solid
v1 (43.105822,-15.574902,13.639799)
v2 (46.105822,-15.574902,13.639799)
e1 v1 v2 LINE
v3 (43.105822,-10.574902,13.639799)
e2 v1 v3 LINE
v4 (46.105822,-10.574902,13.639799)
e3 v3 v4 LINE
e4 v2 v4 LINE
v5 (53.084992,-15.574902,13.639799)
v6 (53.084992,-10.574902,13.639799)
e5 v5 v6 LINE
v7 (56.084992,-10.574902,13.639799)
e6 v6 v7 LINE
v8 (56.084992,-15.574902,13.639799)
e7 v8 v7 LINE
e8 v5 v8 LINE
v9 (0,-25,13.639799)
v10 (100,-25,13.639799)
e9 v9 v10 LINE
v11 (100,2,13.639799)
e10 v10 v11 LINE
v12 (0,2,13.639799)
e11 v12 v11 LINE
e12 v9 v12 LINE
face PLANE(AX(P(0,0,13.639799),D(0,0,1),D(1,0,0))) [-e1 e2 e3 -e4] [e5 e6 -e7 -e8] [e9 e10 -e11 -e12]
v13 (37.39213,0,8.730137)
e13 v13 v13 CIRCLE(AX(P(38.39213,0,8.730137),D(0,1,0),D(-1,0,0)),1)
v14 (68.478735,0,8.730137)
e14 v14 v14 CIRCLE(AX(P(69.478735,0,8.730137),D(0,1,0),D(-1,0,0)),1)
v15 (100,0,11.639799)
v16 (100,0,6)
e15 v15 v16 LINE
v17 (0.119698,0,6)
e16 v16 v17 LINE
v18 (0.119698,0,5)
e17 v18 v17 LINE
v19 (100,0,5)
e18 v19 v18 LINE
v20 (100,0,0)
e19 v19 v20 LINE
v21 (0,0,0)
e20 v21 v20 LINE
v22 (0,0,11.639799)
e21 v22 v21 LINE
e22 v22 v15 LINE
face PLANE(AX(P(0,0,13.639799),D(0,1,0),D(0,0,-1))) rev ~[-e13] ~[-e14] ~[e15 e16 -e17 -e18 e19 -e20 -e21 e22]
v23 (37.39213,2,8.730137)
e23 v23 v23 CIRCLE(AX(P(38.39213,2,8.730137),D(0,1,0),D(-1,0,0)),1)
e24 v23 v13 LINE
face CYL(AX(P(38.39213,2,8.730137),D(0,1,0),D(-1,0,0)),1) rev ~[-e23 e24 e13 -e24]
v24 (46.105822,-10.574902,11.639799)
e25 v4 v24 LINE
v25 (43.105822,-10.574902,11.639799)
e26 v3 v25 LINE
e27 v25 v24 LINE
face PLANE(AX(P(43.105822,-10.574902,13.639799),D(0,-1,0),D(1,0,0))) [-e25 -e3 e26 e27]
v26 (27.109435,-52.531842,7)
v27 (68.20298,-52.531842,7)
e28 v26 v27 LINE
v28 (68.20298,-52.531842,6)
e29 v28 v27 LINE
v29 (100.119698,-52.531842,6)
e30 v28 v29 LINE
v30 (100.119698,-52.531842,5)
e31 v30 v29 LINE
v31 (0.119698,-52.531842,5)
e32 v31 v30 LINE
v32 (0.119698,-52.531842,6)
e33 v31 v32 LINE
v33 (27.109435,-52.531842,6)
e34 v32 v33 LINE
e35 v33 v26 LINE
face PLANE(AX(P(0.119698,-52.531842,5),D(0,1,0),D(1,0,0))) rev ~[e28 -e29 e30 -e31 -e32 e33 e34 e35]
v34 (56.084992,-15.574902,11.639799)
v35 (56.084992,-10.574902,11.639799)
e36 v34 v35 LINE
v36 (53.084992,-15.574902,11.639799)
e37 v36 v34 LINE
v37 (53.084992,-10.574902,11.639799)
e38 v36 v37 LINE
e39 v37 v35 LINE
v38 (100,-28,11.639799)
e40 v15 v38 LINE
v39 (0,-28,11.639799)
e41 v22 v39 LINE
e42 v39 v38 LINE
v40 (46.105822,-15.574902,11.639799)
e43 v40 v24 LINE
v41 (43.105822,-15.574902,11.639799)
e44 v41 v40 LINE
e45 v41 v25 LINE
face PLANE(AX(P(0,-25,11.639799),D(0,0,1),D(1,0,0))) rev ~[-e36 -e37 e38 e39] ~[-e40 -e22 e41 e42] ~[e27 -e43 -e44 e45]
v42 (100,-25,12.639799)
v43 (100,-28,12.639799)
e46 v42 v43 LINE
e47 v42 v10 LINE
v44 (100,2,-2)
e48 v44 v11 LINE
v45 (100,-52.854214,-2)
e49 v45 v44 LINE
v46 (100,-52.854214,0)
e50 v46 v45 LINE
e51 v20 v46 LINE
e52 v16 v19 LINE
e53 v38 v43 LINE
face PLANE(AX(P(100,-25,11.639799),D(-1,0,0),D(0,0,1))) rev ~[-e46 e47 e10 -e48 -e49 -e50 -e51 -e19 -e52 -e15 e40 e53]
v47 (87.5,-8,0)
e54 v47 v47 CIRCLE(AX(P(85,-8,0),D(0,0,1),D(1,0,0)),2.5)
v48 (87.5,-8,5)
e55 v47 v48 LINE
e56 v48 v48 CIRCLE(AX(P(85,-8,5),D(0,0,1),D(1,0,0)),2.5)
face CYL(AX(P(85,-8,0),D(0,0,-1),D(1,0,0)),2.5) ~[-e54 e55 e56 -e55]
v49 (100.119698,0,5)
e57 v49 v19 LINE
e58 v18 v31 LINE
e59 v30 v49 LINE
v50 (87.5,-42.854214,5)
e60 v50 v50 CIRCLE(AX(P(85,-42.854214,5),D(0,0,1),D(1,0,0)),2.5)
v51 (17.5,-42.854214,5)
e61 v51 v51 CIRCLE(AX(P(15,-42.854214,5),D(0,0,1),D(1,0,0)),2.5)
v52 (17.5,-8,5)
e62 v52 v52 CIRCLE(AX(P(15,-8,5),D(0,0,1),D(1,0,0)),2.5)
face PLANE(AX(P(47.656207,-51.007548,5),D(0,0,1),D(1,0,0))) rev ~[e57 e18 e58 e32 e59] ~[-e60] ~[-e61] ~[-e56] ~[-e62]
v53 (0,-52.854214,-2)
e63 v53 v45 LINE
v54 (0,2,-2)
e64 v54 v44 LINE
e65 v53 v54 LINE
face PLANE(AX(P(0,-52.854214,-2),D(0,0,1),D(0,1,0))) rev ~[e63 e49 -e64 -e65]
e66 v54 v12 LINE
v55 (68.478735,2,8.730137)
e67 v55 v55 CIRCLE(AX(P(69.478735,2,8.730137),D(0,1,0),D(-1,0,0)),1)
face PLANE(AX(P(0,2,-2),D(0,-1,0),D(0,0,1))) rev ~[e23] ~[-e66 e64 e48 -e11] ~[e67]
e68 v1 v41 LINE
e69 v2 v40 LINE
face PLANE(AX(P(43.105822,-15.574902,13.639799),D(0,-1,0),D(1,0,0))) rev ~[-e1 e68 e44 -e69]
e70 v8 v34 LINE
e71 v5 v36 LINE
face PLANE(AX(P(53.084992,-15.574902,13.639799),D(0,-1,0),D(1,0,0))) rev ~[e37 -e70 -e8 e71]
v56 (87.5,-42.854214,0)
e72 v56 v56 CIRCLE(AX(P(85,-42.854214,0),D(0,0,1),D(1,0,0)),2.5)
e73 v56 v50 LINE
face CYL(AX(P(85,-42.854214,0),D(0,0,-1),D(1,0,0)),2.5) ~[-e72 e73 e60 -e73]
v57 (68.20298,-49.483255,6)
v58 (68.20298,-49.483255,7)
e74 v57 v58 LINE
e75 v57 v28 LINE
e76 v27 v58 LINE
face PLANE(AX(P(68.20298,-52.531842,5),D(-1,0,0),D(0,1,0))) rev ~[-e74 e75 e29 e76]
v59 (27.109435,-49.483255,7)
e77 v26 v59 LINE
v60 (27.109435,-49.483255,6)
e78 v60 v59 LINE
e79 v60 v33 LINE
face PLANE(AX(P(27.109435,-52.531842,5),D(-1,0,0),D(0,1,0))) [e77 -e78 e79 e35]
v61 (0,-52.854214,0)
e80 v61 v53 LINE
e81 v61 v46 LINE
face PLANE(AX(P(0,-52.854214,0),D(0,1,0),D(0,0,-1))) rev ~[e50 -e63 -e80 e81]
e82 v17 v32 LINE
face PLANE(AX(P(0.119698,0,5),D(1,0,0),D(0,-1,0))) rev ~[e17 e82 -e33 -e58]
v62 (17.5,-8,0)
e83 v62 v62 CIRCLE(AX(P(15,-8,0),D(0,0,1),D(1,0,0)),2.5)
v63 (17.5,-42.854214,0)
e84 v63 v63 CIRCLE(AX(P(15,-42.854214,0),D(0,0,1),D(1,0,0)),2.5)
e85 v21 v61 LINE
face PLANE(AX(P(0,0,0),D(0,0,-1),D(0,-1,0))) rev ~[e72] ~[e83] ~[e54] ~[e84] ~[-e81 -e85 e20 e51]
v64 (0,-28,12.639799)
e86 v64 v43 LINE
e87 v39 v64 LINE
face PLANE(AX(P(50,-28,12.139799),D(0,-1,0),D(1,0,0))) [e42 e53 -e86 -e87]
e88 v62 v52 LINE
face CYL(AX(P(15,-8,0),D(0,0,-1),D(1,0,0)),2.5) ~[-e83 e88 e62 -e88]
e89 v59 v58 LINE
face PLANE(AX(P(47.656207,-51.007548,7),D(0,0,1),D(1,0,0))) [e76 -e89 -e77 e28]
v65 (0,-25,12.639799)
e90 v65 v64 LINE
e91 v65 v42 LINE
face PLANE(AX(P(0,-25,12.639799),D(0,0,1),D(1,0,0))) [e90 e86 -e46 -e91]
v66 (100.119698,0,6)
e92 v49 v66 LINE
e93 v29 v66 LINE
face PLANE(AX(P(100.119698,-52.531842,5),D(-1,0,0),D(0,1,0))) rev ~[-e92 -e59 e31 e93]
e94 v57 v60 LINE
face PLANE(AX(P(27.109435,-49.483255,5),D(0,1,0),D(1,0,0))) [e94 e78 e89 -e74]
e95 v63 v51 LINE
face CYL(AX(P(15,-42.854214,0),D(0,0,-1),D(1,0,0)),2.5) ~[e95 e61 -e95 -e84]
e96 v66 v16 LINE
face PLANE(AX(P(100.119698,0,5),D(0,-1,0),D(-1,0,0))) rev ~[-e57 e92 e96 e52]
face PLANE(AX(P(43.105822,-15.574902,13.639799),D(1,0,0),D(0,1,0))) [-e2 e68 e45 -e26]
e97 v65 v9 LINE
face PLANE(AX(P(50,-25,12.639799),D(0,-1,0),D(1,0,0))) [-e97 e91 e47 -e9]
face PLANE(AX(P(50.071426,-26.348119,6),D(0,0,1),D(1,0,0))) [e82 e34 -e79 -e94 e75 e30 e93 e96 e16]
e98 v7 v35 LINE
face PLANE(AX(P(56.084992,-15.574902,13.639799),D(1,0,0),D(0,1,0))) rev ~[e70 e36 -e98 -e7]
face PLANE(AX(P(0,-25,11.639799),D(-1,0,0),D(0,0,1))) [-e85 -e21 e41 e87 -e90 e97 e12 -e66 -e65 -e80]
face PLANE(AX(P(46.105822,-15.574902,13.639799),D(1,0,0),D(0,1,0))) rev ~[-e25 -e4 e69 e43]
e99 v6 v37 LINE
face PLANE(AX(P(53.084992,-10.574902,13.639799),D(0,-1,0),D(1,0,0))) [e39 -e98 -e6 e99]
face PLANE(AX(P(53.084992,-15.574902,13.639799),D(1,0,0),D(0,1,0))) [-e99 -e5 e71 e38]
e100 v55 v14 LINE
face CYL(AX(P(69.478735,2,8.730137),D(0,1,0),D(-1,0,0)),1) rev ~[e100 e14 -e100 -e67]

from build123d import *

# Parameters (mm, degrees)
F1_DEPTH  = 100
F2_W      = 100
F2_H      = 2
F3_DEPTH  = 25
F4_R      = 2.5
F5_DEPTH  = 5
F6_DEPTH  = 5
F7_W      = 3
F7_H      = 5
F8_DEPTH  = 2
F9_W      = 100
F9_H      = 1
F10_DEPTH = 3
F11_R     = 1
F12_DEPTH = 2
F13_W     = 41.0935450345
F13_H     = 3.0485875905
F14_DEPTH = 1
F15_DEPTH = 2


with BuildPart() as f1:
    # F0 (on Right) → F1 (new body)
    with BuildSketch(Plane.YZ):
        Polygon((0, 0), (-52.8542138636, 0), (-52.8542138636, -2), (2, -2), (2, 13.6397993192), (0, 13.6397993192), align=None)
    extrude(amount=F1_DEPTH)

    # F2 (on face) → F3 (join)
    with BuildSketch(Plane.XZ):
        with Locations((50, 12.6397993192)):
            Rectangle(F2_W, F2_H)
    extrude(amount=F3_DEPTH)

    # F4 (on face) → F5 (join)
    with BuildSketch(Plane.XY):
        with Locations((15, -42.8542138636)):
            Circle(F4_R)
    extrude(amount=F5_DEPTH)

    # F4 (on face) → F6 (join)
    with BuildSketch(Plane.XY):
        with Locations((15, -42.8542138636)):
            Circle(F4_R)
        with Locations((85, -42.8542138636)):
            Circle(F4_R)
        with Locations((15, -8)):
            Circle(F4_R)
        with Locations((85, -8)):
            Circle(F4_R)
    extrude(amount=F6_DEPTH)

    # F7 (on face) → F8 (cut, through all)
    with BuildSketch(Plane.XY.offset(13.6397993192)):
        with Locations((54.5849918723, -13.0749022961)):
            Rectangle(F7_W, F7_H)
        with Locations((44.6058220565, -13.0749022961)):
            Rectangle(F7_W, F7_H)
    extrude(amount=-F8_DEPTH, mode=Mode.SUBTRACT)

    # F9 (on face) → F10 (join)
    with BuildSketch(Plane.XZ.offset(25)):
        with Locations((50, 12.1397993192)):
            Rectangle(F9_W, F9_H)
    extrude(amount=F10_DEPTH)

    # F11 (on face) → F12 (cut, through all)
    with BuildSketch(Plane(origin=(0, 2, 0), x_dir=(-1, 0, 0), z_dir=(0, 1, 0))):
        with Locations((-69.4787353277, 8.7301367894)):
            Circle(F11_R)
        with Locations((-38.3921302855, 8.7301367894)):
            Circle(F11_R)
    extrude(amount=-F12_DEPTH, mode=Mode.SUBTRACT)

    # F13 (on face) → F14 (join)
    with BuildSketch(Plane.XY.offset(5)):
        Polygon((0.119697972, 0), (0.119697972, -52.5318421423), (27.1094348282, -52.5318421423), (27.1094348282, -49.4832545519), (68.2029798627, -49.4832545519), (68.2029798627, -52.5318421423), (100.119697972, -52.5318421423), (100.119697972, 0), align=None)
        with Locations((47.6562073454, -51.0075483471)):
            Rectangle(F13_W, F13_H)
    extrude(amount=F14_DEPTH)

    # F13 (on face) → F15 (join)
    with BuildSketch(Plane.XY.offset(5)):
        with Locations((47.6562073454, -51.0075483471)):
            Rectangle(F13_W, F13_H)
    extrude(amount=F15_DEPTH)


solid = f1.part
